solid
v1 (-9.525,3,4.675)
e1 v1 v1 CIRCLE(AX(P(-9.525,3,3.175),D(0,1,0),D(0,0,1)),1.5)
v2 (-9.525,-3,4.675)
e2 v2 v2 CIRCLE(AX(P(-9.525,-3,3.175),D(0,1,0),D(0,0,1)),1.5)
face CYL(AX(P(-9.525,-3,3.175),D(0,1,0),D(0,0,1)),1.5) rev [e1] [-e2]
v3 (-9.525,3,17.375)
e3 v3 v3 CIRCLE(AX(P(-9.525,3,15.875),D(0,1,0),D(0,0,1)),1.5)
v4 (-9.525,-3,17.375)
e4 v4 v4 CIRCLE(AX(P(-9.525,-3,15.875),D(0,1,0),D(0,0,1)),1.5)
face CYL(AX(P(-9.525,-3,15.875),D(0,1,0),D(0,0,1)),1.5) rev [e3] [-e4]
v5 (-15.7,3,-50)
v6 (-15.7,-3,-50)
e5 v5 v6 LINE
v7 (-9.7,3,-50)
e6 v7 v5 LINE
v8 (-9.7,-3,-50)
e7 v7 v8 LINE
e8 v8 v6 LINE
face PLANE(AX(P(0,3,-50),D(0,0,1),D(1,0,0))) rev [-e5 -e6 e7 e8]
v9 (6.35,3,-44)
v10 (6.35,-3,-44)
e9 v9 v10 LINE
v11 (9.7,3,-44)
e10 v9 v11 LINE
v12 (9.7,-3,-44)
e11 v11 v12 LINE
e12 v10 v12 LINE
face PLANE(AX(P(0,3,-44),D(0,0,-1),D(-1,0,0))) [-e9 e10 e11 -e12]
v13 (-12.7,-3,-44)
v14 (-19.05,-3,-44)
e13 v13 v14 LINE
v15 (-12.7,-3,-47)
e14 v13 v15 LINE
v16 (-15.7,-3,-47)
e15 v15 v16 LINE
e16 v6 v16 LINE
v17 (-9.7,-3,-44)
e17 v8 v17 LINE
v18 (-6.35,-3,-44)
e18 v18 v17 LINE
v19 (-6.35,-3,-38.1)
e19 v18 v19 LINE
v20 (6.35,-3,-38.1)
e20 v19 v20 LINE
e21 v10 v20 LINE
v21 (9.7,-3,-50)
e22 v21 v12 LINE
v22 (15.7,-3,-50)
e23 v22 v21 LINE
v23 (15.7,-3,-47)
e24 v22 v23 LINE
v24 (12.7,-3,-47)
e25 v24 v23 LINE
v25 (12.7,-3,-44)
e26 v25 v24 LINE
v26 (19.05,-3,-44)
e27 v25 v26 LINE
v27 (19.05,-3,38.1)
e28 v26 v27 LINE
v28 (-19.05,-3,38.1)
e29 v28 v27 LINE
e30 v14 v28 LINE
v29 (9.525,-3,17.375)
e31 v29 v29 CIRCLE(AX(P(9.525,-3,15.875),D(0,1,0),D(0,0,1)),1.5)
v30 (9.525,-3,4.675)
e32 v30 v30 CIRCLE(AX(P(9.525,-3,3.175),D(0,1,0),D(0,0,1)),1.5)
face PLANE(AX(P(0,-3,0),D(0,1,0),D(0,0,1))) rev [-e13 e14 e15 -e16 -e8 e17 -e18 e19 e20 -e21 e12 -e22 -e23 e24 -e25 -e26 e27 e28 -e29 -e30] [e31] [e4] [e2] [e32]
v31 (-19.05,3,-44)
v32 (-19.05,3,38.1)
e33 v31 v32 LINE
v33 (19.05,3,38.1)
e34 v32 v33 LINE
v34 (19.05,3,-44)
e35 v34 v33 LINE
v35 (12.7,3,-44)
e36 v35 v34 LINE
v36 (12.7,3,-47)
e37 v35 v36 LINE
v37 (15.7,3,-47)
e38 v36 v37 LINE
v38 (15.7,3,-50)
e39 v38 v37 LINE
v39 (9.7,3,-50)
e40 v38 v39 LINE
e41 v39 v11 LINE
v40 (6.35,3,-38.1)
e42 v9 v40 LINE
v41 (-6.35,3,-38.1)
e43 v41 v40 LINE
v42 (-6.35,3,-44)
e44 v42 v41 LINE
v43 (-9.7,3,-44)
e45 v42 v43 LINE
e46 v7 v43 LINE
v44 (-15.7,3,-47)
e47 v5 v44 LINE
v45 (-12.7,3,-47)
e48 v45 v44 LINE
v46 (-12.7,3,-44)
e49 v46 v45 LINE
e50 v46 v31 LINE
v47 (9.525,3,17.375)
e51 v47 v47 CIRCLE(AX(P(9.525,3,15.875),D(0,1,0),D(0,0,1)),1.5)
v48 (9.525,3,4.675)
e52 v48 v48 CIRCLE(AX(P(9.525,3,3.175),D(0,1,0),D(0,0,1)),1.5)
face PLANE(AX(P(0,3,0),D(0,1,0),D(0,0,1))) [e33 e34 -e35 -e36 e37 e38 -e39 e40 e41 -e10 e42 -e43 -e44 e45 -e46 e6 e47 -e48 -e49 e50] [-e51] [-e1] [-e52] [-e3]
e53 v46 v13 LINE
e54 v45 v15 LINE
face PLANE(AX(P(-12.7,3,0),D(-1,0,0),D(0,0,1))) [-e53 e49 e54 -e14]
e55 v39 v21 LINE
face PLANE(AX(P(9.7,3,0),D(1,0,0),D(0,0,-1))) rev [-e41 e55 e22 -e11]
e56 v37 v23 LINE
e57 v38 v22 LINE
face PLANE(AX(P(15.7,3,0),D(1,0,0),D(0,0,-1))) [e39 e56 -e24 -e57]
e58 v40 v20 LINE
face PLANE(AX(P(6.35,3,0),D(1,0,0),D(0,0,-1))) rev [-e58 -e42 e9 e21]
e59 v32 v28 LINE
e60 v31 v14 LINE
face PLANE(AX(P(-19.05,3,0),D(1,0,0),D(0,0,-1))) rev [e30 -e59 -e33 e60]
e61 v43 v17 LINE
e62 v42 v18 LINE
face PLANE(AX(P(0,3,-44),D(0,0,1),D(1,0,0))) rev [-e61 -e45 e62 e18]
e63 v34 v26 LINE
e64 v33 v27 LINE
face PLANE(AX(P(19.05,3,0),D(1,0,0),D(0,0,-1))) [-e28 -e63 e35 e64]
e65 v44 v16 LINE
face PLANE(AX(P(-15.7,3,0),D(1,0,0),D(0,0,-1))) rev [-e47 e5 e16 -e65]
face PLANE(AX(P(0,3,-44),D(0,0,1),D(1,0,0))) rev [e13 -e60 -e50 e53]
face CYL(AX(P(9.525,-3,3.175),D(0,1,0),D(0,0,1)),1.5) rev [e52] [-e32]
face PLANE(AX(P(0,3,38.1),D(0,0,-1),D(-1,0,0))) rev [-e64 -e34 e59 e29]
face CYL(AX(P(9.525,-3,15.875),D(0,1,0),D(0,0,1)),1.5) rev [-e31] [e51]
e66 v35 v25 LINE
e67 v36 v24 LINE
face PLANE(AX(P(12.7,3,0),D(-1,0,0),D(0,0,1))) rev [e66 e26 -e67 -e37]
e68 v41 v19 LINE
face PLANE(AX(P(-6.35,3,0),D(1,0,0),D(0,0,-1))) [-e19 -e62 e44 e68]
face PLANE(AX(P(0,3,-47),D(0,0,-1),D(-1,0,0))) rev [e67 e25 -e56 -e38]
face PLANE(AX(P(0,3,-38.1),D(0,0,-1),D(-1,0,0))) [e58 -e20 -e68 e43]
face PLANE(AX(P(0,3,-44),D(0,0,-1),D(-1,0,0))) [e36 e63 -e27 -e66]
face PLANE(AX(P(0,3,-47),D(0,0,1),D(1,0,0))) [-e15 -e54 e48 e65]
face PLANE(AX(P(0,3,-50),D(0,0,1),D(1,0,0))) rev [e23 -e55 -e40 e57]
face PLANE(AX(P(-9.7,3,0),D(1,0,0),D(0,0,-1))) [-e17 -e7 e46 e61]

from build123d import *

# Parameters (mm, degrees)
BOSS_EXTRUDE1_DEPTH     = 2.999999969
CUT_EXTRUDE1_DEPTH      = 54.841456961
CUT_EXTRUDE1_DEPTH_BACK = 54.841456961
SKETCH2_R               = 1.5


with BuildPart() as part:
    # Sketch1 → Boss-Extrude1 (new, symmetric)
    with BuildSketch(Plane(origin=(0, 0, 0), x_dir=(1, 0, 0), z_dir=(0, 1, 0))):
        Polygon((15.7, 43.999999884), (12.7, 43.999999884), (9.7, 43.999999884), (6.35, 43.999999884), (6.35, 38.1), (-6.35, 38.1), (-6.35, 43.999999884), (-9.7, 43.999999884), (-12.7, 43.999999884), (-15.7, 43.999999884), (-19.05, 43.999999884), (-19.05, 38.1), (-19.05, -38.1), (19.05, -38.1), (19.05, 38.1), (19.05, 43.999999884), align=None)
        Polygon((-12.7, 43.999999884), (-9.7, 43.999999884), (-9.7, 49.999999884), (-15.7, 49.999999884), (-15.7, 46.999999884), (-12.7, 46.999999884), align=None)
        Polygon((9.7, 43.999999884), (12.7, 43.999999884), (12.7, 46.999999884), (15.7, 46.999999884), (15.7, 49.999999884), (9.7, 49.999999884), align=None)
    extrude(amount=BOSS_EXTRUDE1_DEPTH, both=True)

    # Sketch2 → Cut-Extrude1 (cut, two sides: drawn at the far end of the back side and taken through both)
    with BuildSketch(Plane(origin=(0, 2.999999969, 0), x_dir=(1, 0, 0), z_dir=(0, 1, 0)).offset(-CUT_EXTRUDE1_DEPTH_BACK)):
        with Locations(Location((-9.525, -3.175, 0), (0, 0, 270))):
            Circle(SKETCH2_R)
        with Locations(Location((9.525, -3.175, 0), (0, 0, 270))):
            Circle(SKETCH2_R)
        with Locations(Location((9.525, -15.875, 0), (0, 0, 270))):
            Circle(SKETCH2_R)
        with Locations(Location((-9.525, -15.875, 0), (0, 0, 270))):
            Circle(SKETCH2_R)
    extrude(amount=CUT_EXTRUDE1_DEPTH + CUT_EXTRUDE1_DEPTH_BACK, mode=Mode.SUBTRACT)


solid = part.part
